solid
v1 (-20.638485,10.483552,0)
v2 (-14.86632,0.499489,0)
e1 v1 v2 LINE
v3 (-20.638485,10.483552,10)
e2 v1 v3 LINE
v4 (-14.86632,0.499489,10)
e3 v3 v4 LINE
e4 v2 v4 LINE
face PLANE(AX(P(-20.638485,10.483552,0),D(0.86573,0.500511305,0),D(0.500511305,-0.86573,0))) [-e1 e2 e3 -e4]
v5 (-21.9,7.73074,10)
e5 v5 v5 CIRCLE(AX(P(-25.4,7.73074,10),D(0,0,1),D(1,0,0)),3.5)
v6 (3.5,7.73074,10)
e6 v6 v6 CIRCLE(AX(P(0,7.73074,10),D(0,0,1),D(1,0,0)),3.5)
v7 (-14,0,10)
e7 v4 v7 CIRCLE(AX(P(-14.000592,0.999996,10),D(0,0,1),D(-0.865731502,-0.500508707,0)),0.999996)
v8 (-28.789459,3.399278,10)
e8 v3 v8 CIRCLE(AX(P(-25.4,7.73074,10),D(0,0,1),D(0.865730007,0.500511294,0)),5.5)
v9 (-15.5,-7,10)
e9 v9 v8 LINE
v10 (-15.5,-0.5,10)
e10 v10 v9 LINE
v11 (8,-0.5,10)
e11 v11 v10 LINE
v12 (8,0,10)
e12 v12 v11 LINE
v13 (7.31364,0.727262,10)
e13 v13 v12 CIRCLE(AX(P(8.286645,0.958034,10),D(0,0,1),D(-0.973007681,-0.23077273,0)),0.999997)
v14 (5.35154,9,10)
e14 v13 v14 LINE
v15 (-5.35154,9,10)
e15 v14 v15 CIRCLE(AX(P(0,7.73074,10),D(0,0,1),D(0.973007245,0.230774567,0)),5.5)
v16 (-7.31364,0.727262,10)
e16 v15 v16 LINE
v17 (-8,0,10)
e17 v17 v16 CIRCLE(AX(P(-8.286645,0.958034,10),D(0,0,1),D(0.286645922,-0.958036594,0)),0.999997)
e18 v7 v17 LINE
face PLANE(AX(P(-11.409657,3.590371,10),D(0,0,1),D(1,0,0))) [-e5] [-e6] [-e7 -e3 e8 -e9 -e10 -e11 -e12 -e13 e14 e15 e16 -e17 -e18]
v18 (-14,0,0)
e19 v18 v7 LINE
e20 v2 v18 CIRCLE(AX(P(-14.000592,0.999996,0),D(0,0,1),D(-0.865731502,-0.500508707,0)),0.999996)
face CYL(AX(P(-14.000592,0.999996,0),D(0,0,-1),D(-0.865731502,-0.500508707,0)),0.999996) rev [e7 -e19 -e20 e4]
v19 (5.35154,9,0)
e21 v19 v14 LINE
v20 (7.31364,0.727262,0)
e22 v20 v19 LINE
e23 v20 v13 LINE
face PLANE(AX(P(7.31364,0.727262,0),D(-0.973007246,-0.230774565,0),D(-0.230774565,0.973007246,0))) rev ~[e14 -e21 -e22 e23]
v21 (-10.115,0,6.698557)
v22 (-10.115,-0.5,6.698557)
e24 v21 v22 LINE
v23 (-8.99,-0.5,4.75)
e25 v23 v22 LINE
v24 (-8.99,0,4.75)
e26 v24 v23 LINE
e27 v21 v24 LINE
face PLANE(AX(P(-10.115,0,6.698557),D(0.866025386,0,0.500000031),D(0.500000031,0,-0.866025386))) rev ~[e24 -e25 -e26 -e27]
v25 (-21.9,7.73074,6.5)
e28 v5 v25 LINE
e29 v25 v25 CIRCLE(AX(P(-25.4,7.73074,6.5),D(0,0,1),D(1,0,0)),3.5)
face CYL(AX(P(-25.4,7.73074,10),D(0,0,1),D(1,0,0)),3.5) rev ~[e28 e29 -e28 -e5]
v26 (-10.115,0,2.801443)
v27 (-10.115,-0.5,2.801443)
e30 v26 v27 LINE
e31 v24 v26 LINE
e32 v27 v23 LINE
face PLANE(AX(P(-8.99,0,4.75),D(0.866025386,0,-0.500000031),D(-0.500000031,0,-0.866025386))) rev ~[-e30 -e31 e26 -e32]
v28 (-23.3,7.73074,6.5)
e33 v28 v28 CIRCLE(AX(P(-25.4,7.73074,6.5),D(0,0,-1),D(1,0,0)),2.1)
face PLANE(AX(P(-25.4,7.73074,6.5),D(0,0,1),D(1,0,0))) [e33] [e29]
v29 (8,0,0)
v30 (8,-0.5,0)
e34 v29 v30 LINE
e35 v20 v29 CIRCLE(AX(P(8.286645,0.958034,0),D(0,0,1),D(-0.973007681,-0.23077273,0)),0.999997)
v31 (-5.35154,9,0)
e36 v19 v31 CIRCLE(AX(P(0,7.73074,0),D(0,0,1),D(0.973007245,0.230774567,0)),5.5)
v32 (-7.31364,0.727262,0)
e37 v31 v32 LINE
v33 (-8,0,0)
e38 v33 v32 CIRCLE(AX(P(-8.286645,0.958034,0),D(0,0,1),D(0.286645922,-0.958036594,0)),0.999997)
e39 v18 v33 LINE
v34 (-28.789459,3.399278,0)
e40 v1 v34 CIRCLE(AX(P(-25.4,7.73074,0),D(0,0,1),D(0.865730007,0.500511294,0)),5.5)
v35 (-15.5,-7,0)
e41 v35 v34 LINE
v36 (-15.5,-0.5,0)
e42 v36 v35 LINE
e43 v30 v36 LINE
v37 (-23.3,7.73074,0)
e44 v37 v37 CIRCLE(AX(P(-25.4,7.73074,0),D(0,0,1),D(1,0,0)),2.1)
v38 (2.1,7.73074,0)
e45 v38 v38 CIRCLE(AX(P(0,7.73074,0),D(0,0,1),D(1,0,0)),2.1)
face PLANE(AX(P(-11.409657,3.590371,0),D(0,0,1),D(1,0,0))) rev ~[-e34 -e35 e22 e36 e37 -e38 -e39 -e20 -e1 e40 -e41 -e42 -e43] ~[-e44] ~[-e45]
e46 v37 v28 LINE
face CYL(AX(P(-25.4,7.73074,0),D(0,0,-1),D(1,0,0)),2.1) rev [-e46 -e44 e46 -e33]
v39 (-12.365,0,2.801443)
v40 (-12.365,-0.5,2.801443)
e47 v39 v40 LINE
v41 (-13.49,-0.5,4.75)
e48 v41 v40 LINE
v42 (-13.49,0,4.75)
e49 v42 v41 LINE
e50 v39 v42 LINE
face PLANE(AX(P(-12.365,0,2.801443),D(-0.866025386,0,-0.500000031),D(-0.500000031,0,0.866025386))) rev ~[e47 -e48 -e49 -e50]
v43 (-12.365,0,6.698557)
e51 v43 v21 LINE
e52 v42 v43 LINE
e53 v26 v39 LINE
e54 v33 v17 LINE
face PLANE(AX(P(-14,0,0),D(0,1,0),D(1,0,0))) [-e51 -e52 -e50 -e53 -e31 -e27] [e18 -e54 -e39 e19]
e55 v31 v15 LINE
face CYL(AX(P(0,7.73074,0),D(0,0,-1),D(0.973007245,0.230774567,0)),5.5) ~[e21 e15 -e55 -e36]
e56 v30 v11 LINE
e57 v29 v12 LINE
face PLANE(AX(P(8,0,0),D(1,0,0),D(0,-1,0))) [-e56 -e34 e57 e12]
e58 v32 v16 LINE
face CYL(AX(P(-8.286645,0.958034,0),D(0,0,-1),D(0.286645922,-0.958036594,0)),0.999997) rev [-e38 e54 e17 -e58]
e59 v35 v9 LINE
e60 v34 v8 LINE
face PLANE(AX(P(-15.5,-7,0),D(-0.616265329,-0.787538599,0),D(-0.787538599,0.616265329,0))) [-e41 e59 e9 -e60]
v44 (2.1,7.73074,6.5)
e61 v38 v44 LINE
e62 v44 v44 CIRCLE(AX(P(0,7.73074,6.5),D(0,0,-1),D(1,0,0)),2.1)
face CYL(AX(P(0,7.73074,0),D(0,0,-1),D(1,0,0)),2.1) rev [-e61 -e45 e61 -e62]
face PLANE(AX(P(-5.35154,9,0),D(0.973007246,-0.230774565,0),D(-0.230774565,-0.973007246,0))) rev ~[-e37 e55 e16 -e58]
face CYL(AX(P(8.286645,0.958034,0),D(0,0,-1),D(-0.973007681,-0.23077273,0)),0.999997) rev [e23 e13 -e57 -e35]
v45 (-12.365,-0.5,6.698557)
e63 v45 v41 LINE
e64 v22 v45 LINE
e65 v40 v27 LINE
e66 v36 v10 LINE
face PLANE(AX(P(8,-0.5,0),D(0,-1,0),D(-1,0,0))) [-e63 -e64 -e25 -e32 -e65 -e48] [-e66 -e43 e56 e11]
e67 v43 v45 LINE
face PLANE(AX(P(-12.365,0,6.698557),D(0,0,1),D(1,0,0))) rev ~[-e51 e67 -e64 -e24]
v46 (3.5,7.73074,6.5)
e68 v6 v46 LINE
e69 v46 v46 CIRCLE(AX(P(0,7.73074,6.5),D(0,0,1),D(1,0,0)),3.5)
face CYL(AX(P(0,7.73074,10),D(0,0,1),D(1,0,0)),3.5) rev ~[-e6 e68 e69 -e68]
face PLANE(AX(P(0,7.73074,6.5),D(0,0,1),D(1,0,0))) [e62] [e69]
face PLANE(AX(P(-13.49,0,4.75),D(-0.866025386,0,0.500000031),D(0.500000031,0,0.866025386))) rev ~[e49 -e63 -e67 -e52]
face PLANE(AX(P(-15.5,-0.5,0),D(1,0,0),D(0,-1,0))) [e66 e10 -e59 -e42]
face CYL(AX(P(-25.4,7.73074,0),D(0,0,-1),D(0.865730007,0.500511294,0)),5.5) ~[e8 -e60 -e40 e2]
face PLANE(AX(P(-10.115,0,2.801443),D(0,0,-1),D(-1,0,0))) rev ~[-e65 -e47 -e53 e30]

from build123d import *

# Parameters (mm, degrees)
SKETCH008_R     = 2.1
PAD003_DEPTH    = 10
POCKET005_DEPTH = 3
SKETCH010_R     = 3.5
POCKET006_DEPTH = 3.5


with BuildPart() as part:
    # Sketch008 → Pad003 (new body)
    with BuildSketch(Plane.XY):
        with BuildLine():
            Line((7.31364, 0.727262), (5.35154, 9))
            ThreePointArc((5.35154, 9), (0, 13.23074), (-5.35154, 9))
            Line((-5.35154, 9), (-7.31364, 0.727262))
            ThreePointArc((-8, 0), (-7.559385, 0.271676), (-7.31364, 0.727262))
            Line((-14, 0), (-8, 0))
            ThreePointArc((-14.86632, 0.499489), (-14.500079, 0.133679), (-14, 0))
            Line((-20.638485, 10.483552), (-14.86632, 0.499489))
            ThreePointArc((-20.638485, 10.483552), (-29.007959, 11.88196), (-28.789459, 3.399278))
            Line((-15.5, -7), (-28.789459, 3.399278))
            Line((-15.5, -0.5), (-15.5, -7))
            Line((8, -0.5), (-15.5, -0.5))
            Line((8, 0), (8, -0.5))
            ThreePointArc((7.31364, 0.727262), (7.559385, 0.271676), (8, 0))
        make_face()
        with Locations((-25.4, 7.73074)):
            Circle(SKETCH008_R, mode=Mode.SUBTRACT)
        with Locations((0, 7.73074)):
            Circle(SKETCH008_R, mode=Mode.SUBTRACT)
    extrude(amount=PAD003_DEPTH)

    # Sketch009 (on Face5 of Pad003) → Pocket005 (cut)
    with BuildSketch(Plane(origin=(0, 0, 0), x_dir=(-1, 0, 0), z_dir=(0, 1, 0))):
        Polygon((12.365, 2.801443), (13.49, 4.75), (12.365, 6.698557), (10.115, 6.698557), (8.99, 4.75), (10.115, 2.801443), align=None)
    extrude(amount=-POCKET005_DEPTH, mode=Mode.SUBTRACT)

    # Sketch010 (on Face5 of Pocket005) → Pocket006 (cut)
    with BuildSketch(Plane.XY.offset(10)):
        with Locations((-25.4, 7.73074)):
            Circle(SKETCH010_R)
        with Locations((0, 7.73074)):
            Circle(SKETCH010_R)
    extrude(amount=-POCKET006_DEPTH, mode=Mode.SUBTRACT)


solid = part.part
